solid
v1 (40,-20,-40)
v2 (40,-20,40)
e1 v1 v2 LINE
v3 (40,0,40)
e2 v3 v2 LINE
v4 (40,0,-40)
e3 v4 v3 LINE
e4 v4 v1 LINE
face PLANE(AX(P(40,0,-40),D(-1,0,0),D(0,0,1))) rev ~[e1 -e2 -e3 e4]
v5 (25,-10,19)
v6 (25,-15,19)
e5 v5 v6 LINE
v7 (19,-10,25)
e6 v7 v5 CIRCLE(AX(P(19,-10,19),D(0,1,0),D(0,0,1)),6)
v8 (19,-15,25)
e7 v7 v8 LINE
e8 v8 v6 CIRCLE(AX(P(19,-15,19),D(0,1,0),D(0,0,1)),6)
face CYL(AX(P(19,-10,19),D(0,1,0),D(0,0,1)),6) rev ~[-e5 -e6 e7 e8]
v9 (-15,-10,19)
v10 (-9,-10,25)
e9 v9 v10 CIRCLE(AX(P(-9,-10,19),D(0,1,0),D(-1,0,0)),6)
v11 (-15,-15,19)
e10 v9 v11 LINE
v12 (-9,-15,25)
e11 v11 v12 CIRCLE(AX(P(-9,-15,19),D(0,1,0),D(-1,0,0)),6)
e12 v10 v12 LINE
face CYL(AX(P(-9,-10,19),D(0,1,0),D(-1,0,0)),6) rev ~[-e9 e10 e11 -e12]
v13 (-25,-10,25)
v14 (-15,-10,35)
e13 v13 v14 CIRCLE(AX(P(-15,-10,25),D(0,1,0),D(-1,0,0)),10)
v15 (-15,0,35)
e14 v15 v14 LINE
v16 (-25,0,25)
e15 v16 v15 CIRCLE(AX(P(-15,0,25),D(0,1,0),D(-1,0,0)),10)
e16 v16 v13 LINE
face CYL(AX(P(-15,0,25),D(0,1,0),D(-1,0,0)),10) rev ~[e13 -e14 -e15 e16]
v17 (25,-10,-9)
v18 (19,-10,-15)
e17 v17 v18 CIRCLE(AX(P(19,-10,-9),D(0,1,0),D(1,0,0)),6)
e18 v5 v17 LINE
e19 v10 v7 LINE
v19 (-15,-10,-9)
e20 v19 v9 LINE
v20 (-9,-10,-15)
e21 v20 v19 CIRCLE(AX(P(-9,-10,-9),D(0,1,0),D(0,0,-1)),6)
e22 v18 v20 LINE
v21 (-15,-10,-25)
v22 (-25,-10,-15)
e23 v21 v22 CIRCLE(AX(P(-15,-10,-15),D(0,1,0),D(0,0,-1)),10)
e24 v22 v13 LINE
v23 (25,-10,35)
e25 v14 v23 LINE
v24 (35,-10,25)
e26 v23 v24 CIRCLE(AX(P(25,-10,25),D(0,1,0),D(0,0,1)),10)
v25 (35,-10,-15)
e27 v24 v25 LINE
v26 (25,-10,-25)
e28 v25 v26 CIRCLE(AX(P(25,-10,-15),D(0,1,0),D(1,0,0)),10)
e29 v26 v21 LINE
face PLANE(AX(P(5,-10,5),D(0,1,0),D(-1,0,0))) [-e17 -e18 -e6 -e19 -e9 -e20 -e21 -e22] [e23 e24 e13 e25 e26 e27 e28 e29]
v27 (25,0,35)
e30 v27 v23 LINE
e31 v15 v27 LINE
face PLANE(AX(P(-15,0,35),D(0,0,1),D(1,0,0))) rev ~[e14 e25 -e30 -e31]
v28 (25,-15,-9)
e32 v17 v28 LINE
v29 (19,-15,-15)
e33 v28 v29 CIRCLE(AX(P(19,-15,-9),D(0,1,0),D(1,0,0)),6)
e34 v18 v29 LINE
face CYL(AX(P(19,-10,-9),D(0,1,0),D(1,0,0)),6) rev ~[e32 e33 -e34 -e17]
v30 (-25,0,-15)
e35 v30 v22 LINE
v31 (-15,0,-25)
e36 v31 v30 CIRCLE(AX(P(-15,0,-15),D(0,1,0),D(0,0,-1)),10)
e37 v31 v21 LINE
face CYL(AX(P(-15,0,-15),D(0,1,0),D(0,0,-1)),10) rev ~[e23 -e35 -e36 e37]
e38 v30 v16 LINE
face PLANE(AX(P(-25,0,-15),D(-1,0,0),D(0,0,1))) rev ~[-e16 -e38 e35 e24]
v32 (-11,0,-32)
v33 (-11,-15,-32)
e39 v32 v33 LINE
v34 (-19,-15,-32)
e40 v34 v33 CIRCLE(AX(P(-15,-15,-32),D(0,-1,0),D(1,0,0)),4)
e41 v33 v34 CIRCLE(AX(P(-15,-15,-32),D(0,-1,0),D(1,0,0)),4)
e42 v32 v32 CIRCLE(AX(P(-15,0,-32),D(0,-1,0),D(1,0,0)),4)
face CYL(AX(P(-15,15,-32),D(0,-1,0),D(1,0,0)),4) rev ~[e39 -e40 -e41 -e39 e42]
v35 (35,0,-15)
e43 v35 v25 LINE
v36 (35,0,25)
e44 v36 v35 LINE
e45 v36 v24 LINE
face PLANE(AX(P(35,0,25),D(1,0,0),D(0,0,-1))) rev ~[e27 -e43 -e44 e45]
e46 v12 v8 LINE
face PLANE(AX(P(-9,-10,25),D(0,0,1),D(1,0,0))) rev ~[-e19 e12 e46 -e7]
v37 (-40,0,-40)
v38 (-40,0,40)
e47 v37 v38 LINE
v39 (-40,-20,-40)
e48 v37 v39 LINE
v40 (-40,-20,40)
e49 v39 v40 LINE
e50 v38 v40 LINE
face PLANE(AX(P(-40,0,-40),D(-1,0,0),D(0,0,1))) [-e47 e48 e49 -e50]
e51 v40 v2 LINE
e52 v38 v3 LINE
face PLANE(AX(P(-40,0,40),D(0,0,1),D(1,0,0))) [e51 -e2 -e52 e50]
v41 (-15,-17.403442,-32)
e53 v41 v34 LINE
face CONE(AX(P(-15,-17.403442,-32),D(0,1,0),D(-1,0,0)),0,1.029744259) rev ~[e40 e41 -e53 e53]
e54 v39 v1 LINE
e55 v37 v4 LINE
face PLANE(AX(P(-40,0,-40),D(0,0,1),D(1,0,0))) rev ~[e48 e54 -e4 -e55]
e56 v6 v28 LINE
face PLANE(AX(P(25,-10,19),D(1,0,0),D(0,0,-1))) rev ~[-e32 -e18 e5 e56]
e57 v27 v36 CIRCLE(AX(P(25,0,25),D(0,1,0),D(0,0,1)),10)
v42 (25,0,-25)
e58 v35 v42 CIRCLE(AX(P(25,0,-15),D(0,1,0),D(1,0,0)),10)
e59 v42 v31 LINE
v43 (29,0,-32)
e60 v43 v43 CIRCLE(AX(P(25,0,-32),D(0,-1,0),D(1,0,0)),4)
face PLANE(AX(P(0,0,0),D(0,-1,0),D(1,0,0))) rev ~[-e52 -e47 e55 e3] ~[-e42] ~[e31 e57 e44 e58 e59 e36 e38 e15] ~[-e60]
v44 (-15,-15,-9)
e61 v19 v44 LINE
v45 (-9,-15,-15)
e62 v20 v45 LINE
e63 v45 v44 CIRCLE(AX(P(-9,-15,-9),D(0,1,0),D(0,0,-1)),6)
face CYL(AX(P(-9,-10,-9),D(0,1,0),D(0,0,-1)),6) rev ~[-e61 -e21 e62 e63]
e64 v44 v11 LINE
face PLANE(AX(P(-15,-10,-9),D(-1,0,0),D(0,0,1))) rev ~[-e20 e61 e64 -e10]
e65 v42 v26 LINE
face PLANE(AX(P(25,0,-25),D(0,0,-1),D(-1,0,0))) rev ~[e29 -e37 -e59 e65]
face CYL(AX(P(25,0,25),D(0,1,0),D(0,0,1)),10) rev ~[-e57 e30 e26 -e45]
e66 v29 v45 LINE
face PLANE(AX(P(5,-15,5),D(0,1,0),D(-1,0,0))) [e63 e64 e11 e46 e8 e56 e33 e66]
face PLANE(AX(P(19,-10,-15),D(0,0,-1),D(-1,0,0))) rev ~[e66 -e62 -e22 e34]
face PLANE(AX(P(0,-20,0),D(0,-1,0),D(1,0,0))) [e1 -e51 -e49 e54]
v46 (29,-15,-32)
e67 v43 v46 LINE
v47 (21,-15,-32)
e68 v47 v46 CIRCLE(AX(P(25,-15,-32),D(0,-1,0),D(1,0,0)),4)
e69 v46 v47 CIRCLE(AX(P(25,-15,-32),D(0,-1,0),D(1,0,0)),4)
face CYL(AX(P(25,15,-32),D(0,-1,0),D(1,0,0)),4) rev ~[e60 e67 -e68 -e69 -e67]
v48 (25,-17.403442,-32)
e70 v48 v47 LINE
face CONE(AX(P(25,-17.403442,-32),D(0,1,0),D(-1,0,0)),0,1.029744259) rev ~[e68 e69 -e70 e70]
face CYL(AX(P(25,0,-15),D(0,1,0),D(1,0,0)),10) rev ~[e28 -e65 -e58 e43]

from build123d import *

# Parameters (mm, degrees)
F0_W     = 80
F0_H     = 80
F1_DEPTH = 20
F3_D     = 8
F3_DEPTH = 15
F3_TIP   = 2.4034424761
F5_DEPTH = 10
F7_DEPTH = 5


with BuildPart() as f1:
    # F0 (on Front) → F1 (new body)
    with BuildSketch(Plane.XZ):
        Rectangle(F0_W, F0_H)
    extrude(amount=F1_DEPTH)

    # F3
    with Locations(Plane(origin=(0, 0, 0), x_dir=(-1, 0, 0), z_dir=(0, 1, 0))):
        with Locations((-25, -32), (15, -32)):
            Hole(F3_D / 2, depth=F3_DEPTH)
            with Locations((0, 0, -(F3_DEPTH + F3_TIP / 2))):  # 118° drill point
                Cone(0, F3_D / 2, F3_TIP, mode=Mode.SUBTRACT)

    # F4 (on face) → F5 (cut)
    with BuildSketch(Plane(origin=(0, 0, 0), x_dir=(-1, 0, 0), z_dir=(0, 1, 0))):
        with BuildLine():
            ThreePointArc((25, 25), (22.0710678119, 32.0710678119), (15, 35))
            Line((15, 35), (-25, 35))
            ThreePointArc((-25, 35), (-32.0710678119, 32.0710678119), (-35, 25))
            Line((-35, 25), (-35, -15))
            ThreePointArc((-35, -15), (-32.0710678119, -22.0710678119), (-25, -25))
            Line((-25, -25), (15, -25))
            ThreePointArc((15, -25), (22.0710678119, -22.0710678119), (25, -15))
            Line((25, -15), (25, 25))
        make_face()
    extrude(amount=-F5_DEPTH, mode=Mode.SUBTRACT)

    # F6 (on face) → F7 (cut)
    with BuildSketch(Plane(origin=(0, -10, 0), x_dir=(-1, 0, 0), z_dir=(0, 1, 0))):
        with BuildLine():
            ThreePointArc((-25, -9), (-23.2426406871, -13.2426406871), (-19, -15))
            Line((-19, -15), (9, -15))
            ThreePointArc((9, -15), (13.2426406871, -13.2426406871), (15, -9))
            Line((15, -9), (15, 19))
            ThreePointArc((15, 19), (13.2426406871, 23.2426406871), (9, 25))
            Line((9, 25), (-19, 25))
            ThreePointArc((-19, 25), (-23.2426406871, 23.2426406871), (-25, 19))
            Line((-25, 19), (-25, -9))
        make_face()
    extrude(amount=-F7_DEPTH, mode=Mode.SUBTRACT)


solid = f1.part
